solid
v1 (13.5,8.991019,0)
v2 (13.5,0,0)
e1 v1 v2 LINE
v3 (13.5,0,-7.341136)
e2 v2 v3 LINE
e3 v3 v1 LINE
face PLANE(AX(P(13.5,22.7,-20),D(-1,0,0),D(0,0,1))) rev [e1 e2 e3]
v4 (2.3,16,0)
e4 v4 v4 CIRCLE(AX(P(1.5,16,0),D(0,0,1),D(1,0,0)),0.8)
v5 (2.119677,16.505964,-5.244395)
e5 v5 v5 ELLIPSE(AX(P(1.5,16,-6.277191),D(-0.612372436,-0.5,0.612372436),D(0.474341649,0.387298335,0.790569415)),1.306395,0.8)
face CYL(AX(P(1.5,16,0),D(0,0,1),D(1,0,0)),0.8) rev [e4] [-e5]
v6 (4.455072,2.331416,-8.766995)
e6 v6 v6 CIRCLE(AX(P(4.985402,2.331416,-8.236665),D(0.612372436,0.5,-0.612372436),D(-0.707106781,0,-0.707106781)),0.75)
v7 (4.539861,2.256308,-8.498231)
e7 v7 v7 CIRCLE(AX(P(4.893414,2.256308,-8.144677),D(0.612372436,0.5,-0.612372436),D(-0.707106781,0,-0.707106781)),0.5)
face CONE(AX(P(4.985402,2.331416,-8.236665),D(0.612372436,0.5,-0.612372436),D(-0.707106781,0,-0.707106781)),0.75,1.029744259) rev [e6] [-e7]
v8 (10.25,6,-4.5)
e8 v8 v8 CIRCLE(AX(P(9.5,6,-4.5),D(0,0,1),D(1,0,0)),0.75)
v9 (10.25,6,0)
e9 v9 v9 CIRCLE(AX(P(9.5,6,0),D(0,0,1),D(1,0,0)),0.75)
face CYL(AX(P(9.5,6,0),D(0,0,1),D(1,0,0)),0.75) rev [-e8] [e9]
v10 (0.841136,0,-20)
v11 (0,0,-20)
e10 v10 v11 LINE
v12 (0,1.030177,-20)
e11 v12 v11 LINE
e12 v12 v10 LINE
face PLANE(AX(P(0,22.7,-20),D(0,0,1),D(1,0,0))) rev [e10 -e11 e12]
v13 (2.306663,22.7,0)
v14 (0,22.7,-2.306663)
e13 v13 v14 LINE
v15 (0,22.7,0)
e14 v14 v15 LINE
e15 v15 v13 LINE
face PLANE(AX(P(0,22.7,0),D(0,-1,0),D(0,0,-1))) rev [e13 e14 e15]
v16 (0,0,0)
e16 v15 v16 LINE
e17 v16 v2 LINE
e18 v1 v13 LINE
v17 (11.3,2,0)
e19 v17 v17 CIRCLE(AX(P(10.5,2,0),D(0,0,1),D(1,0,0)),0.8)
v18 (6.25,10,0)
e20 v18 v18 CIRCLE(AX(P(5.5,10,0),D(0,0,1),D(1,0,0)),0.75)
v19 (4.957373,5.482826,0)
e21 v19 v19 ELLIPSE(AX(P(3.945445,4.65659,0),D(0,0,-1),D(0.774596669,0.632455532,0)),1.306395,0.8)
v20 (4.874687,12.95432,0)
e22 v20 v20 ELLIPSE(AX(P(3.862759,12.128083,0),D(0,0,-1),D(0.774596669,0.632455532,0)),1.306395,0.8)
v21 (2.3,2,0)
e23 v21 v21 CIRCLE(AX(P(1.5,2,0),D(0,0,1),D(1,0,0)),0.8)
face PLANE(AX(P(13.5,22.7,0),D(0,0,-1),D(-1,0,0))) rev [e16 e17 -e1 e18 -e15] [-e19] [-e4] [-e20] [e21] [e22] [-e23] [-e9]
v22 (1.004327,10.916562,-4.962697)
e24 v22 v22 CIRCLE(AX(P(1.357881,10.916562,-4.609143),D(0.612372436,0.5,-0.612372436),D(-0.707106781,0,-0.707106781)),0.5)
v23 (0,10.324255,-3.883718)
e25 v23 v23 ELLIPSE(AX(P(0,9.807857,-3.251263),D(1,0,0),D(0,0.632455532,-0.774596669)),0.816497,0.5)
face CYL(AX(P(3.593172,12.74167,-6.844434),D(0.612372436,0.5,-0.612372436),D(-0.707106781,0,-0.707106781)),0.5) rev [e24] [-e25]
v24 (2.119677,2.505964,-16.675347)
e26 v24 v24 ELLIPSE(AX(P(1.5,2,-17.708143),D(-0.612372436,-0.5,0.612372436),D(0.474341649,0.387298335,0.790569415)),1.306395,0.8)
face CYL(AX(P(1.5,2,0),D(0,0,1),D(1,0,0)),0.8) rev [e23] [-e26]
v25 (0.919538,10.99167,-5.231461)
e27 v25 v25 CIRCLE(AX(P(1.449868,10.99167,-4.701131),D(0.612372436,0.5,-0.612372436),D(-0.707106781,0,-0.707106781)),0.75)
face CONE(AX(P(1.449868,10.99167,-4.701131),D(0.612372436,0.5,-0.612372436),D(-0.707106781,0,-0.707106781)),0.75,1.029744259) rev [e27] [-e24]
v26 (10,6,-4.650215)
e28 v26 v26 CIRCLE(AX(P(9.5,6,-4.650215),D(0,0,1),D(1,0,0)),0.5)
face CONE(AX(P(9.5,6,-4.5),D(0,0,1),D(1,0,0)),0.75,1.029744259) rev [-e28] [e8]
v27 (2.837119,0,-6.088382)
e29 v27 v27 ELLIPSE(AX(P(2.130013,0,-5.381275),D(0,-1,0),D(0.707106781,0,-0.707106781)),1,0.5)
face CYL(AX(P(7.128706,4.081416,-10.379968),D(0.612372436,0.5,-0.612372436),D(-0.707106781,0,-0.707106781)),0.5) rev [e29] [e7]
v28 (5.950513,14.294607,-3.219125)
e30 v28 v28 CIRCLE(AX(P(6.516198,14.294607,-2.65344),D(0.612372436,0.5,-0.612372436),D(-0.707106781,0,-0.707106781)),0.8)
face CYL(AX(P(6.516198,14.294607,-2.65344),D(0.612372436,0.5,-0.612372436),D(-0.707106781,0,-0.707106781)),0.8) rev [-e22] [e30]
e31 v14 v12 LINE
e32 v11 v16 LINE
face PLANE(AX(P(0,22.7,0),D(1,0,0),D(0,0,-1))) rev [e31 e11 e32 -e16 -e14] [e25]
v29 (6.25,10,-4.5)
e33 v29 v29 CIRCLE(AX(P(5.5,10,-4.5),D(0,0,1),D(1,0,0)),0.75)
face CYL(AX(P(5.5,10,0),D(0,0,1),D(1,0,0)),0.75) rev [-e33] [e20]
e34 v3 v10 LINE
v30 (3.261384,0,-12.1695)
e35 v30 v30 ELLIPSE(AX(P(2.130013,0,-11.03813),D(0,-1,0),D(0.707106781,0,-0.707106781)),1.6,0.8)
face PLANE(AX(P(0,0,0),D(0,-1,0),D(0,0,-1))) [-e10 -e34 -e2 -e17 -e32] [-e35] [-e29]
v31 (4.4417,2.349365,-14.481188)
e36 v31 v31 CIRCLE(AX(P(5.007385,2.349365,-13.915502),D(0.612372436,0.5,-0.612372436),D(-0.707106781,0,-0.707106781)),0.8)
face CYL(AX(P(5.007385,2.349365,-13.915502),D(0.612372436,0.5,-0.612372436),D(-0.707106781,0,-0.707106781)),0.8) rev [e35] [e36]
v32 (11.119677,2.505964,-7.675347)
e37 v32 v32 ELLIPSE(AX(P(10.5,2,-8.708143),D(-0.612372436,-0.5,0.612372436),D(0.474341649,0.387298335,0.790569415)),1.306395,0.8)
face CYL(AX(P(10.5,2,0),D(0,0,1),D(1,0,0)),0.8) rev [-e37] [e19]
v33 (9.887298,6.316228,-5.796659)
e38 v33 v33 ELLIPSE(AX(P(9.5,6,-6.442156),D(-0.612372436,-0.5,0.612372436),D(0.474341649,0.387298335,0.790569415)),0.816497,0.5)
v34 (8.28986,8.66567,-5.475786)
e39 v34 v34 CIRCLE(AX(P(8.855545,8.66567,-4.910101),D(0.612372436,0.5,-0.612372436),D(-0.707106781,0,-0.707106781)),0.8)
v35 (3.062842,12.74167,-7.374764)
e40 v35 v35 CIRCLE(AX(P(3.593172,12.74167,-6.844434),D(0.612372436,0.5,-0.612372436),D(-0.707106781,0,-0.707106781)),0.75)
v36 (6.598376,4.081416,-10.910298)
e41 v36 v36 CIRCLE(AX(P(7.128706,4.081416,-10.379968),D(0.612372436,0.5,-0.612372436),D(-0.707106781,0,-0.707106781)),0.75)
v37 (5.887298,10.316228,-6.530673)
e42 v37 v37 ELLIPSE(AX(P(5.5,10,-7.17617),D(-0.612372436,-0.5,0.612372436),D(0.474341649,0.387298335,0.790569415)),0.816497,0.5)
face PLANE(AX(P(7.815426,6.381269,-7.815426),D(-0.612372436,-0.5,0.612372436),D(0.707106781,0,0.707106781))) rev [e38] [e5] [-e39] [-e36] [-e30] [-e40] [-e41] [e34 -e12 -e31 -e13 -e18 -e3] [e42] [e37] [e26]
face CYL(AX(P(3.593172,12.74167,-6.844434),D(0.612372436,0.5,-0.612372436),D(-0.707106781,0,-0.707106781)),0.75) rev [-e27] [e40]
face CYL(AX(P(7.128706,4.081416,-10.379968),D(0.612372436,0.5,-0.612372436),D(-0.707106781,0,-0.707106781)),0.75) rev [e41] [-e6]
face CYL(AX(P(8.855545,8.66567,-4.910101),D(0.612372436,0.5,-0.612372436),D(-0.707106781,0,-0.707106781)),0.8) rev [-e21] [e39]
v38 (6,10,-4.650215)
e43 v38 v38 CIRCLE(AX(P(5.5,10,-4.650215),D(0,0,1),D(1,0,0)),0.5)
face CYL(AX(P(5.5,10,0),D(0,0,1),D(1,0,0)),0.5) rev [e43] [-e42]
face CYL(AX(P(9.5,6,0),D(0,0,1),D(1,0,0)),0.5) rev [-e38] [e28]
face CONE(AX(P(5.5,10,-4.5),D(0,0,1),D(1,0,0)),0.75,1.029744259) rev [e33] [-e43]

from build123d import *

# Parameters (mm, degrees)
SKETCH1_W                       = 13.5
SKETCH1_H                       = 20
BOSS_EXTRUDE1_DEPTH             = 22.7
SKETCH2_W                       = 50.012416784
SKETCH2_H                       = 57.752903126
CUT_EXTRUDE1_DEPTH              = 22.813888303
M2X0_4_TAPPED_HOLE1_D           = 1.6
M2X0_4_TAPPED_HOLE1_ON_FACE_2_D = 1.6
M2X0_4_TAPPED_HOLE1_ON_FACE_3_D = 1.6
M2X0_4_TAPPED_HOLE3_D           = 1.6
F_1_0MM_DOWEL_HOLE1_D           = 1
F_1_5MM_DOWEL_HOLE1_D           = 1.5
F_1_5MM_DOWEL_HOLE1_DEPTH       = 4.5
F_1_5MM_DOWEL_HOLE1_TIP         = 0.450645464
F_1_0MM_DOWEL_HOLE2_D           = 1
F_1_0MM_DOWEL_HOLE2_ON_FACE_2_D = 1
F_1_5MM_DOWEL_HOLE2_D           = 1.5
F_1_5MM_DOWEL_HOLE2_DEPTH       = 3.5
F_1_5MM_DOWEL_HOLE2_TIP         = 0.450645464


with BuildPart() as part:
    # Sketch1 → Boss-Extrude1 (new body)
    with BuildSketch(Plane(origin=(0, 0, 0), x_dir=(1, 0, 0), z_dir=(0, 1, 0))):
        with Locations((6.75, 10)):
            Rectangle(SKETCH1_W, SKETCH1_H)
    extrude(amount=BOSS_EXTRUDE1_DEPTH)

    # Sketch2 → Cut-Extrude1 (cut, through all)
    with BuildSketch(Plane(origin=(7.815425957, 6.381268572, -7.815425957), x_dir=(0.7905694150420965, -0.3872983346207431, 0.4743416490252531), z_dir=(-0.6123724356957925, -0.5000000000000046, 0.6123724356957929))):
        Rectangle(SKETCH2_W, SKETCH2_H)
    extrude(amount=-CUT_EXTRUDE1_DEPTH, mode=Mode.SUBTRACT)

    # M2x0.4 Tapped Hole1 (through all)
    with Locations(Plane(origin=(6.5161982, 14.294607438, -2.653439586), x_dir=(-0.707106781187, 0, -0.707106781187), z_dir=(0.612372435696, 0.5, -0.612372435696))):
        with Locations((0, 0)):
            Hole(M2X0_4_TAPPED_HOLE1_D / 2)

    # M2x0.4 Tapped Hole1 on face 2 (through all)
    with Locations(Plane(origin=(8.855545244, 8.665670048, -4.910100675), x_dir=(-0.707106781187, 0, -0.707106781187), z_dir=(0.612372326772, 0.500000266808, -0.612372326772))):
        with Locations((0, 0)):
            Hole(M2X0_4_TAPPED_HOLE1_ON_FACE_2_D / 2)

    # M2x0.4 Tapped Hole1 on face 3 (through all)
    with Locations(Plane(origin=(5.007385282, 2.349364905, -13.91550219), x_dir=(-0.707106781187, 0, -0.707106781187), z_dir=(0.612372326772, 0.500000266808, -0.612372326772))):
        with Locations((0, 0)):
            Hole(M2X0_4_TAPPED_HOLE1_ON_FACE_3_D / 2)

    # M2x0.4 Tapped Hole3 (through all)
    with Locations(Plane(origin=(1.5, 16, 0), x_dir=(1, 0, 0), z_dir=(0, 0, 1))):
        with Locations((0, 0), (0, -14), (9, -14)):
            Hole(M2X0_4_TAPPED_HOLE3_D / 2)

    # Ø1.0mm Dowel Hole1 (through all)
    with Locations(Plane(origin=(5.5, 10, 0), x_dir=(1, 0, 0), z_dir=(0, 0, 1))):
        with Locations((0, 0), (4, -4)):
            Hole(F_1_0MM_DOWEL_HOLE1_D / 2)

    # Ø1.5mm Dowel Hole1
    with Locations(Plane(origin=(5.5, 10, 0), x_dir=(1, 0, 0), z_dir=(0, 0, 1))):
        with Locations((0, 0), (4, -4)):
            Hole(F_1_5MM_DOWEL_HOLE1_D / 2, depth=F_1_5MM_DOWEL_HOLE1_DEPTH)
            with Locations((0, 0, -(F_1_5MM_DOWEL_HOLE1_DEPTH + F_1_5MM_DOWEL_HOLE1_TIP / 2))):  # 118° drill point
                Cone(0, F_1_5MM_DOWEL_HOLE1_D / 2, F_1_5MM_DOWEL_HOLE1_TIP, mode=Mode.SUBTRACT)

    # Ø1.0mm Dowel Hole2 (through all)
    with Locations(Plane(origin=(3.59317172, 12.741669751, -6.844434378), x_dir=(-0.707106781187, 0, -0.707106781187), z_dir=(0.612372435696, 0.5, -0.612372435696))):
        with Locations((0, 0)):
            Hole(F_1_0MM_DOWEL_HOLE2_D / 2)

    # Ø1.0mm Dowel Hole2 on face 2 (through all)
    with Locations(Plane(origin=(7.128705626, 4.081415713, -10.379968284), x_dir=(-0.707106781187, 0, -0.707106781187), z_dir=(0.612372326772, 0.500000266808, -0.612372326772))):
        with Locations((0, 0)):
            Hole(F_1_0MM_DOWEL_HOLE2_ON_FACE_2_D / 2)

    # Ø1.5mm Dowel Hole2
    with Locations(Plane(origin=(3.59317172, 12.741669751, -6.844434378), x_dir=(-0.707106781187, 0, -0.707106781187), z_dir=(0.612372435696, 0.5, -0.612372435696))):
        with Locations((0, 0), (0, -10)):
            Hole(F_1_5MM_DOWEL_HOLE2_D / 2, depth=F_1_5MM_DOWEL_HOLE2_DEPTH)
            with Locations((0, 0, -(F_1_5MM_DOWEL_HOLE2_DEPTH + F_1_5MM_DOWEL_HOLE2_TIP / 2))):  # 118° drill point
                Cone(0, F_1_5MM_DOWEL_HOLE2_D / 2, F_1_5MM_DOWEL_HOLE2_TIP, mode=Mode.SUBTRACT)


solid = part.part
